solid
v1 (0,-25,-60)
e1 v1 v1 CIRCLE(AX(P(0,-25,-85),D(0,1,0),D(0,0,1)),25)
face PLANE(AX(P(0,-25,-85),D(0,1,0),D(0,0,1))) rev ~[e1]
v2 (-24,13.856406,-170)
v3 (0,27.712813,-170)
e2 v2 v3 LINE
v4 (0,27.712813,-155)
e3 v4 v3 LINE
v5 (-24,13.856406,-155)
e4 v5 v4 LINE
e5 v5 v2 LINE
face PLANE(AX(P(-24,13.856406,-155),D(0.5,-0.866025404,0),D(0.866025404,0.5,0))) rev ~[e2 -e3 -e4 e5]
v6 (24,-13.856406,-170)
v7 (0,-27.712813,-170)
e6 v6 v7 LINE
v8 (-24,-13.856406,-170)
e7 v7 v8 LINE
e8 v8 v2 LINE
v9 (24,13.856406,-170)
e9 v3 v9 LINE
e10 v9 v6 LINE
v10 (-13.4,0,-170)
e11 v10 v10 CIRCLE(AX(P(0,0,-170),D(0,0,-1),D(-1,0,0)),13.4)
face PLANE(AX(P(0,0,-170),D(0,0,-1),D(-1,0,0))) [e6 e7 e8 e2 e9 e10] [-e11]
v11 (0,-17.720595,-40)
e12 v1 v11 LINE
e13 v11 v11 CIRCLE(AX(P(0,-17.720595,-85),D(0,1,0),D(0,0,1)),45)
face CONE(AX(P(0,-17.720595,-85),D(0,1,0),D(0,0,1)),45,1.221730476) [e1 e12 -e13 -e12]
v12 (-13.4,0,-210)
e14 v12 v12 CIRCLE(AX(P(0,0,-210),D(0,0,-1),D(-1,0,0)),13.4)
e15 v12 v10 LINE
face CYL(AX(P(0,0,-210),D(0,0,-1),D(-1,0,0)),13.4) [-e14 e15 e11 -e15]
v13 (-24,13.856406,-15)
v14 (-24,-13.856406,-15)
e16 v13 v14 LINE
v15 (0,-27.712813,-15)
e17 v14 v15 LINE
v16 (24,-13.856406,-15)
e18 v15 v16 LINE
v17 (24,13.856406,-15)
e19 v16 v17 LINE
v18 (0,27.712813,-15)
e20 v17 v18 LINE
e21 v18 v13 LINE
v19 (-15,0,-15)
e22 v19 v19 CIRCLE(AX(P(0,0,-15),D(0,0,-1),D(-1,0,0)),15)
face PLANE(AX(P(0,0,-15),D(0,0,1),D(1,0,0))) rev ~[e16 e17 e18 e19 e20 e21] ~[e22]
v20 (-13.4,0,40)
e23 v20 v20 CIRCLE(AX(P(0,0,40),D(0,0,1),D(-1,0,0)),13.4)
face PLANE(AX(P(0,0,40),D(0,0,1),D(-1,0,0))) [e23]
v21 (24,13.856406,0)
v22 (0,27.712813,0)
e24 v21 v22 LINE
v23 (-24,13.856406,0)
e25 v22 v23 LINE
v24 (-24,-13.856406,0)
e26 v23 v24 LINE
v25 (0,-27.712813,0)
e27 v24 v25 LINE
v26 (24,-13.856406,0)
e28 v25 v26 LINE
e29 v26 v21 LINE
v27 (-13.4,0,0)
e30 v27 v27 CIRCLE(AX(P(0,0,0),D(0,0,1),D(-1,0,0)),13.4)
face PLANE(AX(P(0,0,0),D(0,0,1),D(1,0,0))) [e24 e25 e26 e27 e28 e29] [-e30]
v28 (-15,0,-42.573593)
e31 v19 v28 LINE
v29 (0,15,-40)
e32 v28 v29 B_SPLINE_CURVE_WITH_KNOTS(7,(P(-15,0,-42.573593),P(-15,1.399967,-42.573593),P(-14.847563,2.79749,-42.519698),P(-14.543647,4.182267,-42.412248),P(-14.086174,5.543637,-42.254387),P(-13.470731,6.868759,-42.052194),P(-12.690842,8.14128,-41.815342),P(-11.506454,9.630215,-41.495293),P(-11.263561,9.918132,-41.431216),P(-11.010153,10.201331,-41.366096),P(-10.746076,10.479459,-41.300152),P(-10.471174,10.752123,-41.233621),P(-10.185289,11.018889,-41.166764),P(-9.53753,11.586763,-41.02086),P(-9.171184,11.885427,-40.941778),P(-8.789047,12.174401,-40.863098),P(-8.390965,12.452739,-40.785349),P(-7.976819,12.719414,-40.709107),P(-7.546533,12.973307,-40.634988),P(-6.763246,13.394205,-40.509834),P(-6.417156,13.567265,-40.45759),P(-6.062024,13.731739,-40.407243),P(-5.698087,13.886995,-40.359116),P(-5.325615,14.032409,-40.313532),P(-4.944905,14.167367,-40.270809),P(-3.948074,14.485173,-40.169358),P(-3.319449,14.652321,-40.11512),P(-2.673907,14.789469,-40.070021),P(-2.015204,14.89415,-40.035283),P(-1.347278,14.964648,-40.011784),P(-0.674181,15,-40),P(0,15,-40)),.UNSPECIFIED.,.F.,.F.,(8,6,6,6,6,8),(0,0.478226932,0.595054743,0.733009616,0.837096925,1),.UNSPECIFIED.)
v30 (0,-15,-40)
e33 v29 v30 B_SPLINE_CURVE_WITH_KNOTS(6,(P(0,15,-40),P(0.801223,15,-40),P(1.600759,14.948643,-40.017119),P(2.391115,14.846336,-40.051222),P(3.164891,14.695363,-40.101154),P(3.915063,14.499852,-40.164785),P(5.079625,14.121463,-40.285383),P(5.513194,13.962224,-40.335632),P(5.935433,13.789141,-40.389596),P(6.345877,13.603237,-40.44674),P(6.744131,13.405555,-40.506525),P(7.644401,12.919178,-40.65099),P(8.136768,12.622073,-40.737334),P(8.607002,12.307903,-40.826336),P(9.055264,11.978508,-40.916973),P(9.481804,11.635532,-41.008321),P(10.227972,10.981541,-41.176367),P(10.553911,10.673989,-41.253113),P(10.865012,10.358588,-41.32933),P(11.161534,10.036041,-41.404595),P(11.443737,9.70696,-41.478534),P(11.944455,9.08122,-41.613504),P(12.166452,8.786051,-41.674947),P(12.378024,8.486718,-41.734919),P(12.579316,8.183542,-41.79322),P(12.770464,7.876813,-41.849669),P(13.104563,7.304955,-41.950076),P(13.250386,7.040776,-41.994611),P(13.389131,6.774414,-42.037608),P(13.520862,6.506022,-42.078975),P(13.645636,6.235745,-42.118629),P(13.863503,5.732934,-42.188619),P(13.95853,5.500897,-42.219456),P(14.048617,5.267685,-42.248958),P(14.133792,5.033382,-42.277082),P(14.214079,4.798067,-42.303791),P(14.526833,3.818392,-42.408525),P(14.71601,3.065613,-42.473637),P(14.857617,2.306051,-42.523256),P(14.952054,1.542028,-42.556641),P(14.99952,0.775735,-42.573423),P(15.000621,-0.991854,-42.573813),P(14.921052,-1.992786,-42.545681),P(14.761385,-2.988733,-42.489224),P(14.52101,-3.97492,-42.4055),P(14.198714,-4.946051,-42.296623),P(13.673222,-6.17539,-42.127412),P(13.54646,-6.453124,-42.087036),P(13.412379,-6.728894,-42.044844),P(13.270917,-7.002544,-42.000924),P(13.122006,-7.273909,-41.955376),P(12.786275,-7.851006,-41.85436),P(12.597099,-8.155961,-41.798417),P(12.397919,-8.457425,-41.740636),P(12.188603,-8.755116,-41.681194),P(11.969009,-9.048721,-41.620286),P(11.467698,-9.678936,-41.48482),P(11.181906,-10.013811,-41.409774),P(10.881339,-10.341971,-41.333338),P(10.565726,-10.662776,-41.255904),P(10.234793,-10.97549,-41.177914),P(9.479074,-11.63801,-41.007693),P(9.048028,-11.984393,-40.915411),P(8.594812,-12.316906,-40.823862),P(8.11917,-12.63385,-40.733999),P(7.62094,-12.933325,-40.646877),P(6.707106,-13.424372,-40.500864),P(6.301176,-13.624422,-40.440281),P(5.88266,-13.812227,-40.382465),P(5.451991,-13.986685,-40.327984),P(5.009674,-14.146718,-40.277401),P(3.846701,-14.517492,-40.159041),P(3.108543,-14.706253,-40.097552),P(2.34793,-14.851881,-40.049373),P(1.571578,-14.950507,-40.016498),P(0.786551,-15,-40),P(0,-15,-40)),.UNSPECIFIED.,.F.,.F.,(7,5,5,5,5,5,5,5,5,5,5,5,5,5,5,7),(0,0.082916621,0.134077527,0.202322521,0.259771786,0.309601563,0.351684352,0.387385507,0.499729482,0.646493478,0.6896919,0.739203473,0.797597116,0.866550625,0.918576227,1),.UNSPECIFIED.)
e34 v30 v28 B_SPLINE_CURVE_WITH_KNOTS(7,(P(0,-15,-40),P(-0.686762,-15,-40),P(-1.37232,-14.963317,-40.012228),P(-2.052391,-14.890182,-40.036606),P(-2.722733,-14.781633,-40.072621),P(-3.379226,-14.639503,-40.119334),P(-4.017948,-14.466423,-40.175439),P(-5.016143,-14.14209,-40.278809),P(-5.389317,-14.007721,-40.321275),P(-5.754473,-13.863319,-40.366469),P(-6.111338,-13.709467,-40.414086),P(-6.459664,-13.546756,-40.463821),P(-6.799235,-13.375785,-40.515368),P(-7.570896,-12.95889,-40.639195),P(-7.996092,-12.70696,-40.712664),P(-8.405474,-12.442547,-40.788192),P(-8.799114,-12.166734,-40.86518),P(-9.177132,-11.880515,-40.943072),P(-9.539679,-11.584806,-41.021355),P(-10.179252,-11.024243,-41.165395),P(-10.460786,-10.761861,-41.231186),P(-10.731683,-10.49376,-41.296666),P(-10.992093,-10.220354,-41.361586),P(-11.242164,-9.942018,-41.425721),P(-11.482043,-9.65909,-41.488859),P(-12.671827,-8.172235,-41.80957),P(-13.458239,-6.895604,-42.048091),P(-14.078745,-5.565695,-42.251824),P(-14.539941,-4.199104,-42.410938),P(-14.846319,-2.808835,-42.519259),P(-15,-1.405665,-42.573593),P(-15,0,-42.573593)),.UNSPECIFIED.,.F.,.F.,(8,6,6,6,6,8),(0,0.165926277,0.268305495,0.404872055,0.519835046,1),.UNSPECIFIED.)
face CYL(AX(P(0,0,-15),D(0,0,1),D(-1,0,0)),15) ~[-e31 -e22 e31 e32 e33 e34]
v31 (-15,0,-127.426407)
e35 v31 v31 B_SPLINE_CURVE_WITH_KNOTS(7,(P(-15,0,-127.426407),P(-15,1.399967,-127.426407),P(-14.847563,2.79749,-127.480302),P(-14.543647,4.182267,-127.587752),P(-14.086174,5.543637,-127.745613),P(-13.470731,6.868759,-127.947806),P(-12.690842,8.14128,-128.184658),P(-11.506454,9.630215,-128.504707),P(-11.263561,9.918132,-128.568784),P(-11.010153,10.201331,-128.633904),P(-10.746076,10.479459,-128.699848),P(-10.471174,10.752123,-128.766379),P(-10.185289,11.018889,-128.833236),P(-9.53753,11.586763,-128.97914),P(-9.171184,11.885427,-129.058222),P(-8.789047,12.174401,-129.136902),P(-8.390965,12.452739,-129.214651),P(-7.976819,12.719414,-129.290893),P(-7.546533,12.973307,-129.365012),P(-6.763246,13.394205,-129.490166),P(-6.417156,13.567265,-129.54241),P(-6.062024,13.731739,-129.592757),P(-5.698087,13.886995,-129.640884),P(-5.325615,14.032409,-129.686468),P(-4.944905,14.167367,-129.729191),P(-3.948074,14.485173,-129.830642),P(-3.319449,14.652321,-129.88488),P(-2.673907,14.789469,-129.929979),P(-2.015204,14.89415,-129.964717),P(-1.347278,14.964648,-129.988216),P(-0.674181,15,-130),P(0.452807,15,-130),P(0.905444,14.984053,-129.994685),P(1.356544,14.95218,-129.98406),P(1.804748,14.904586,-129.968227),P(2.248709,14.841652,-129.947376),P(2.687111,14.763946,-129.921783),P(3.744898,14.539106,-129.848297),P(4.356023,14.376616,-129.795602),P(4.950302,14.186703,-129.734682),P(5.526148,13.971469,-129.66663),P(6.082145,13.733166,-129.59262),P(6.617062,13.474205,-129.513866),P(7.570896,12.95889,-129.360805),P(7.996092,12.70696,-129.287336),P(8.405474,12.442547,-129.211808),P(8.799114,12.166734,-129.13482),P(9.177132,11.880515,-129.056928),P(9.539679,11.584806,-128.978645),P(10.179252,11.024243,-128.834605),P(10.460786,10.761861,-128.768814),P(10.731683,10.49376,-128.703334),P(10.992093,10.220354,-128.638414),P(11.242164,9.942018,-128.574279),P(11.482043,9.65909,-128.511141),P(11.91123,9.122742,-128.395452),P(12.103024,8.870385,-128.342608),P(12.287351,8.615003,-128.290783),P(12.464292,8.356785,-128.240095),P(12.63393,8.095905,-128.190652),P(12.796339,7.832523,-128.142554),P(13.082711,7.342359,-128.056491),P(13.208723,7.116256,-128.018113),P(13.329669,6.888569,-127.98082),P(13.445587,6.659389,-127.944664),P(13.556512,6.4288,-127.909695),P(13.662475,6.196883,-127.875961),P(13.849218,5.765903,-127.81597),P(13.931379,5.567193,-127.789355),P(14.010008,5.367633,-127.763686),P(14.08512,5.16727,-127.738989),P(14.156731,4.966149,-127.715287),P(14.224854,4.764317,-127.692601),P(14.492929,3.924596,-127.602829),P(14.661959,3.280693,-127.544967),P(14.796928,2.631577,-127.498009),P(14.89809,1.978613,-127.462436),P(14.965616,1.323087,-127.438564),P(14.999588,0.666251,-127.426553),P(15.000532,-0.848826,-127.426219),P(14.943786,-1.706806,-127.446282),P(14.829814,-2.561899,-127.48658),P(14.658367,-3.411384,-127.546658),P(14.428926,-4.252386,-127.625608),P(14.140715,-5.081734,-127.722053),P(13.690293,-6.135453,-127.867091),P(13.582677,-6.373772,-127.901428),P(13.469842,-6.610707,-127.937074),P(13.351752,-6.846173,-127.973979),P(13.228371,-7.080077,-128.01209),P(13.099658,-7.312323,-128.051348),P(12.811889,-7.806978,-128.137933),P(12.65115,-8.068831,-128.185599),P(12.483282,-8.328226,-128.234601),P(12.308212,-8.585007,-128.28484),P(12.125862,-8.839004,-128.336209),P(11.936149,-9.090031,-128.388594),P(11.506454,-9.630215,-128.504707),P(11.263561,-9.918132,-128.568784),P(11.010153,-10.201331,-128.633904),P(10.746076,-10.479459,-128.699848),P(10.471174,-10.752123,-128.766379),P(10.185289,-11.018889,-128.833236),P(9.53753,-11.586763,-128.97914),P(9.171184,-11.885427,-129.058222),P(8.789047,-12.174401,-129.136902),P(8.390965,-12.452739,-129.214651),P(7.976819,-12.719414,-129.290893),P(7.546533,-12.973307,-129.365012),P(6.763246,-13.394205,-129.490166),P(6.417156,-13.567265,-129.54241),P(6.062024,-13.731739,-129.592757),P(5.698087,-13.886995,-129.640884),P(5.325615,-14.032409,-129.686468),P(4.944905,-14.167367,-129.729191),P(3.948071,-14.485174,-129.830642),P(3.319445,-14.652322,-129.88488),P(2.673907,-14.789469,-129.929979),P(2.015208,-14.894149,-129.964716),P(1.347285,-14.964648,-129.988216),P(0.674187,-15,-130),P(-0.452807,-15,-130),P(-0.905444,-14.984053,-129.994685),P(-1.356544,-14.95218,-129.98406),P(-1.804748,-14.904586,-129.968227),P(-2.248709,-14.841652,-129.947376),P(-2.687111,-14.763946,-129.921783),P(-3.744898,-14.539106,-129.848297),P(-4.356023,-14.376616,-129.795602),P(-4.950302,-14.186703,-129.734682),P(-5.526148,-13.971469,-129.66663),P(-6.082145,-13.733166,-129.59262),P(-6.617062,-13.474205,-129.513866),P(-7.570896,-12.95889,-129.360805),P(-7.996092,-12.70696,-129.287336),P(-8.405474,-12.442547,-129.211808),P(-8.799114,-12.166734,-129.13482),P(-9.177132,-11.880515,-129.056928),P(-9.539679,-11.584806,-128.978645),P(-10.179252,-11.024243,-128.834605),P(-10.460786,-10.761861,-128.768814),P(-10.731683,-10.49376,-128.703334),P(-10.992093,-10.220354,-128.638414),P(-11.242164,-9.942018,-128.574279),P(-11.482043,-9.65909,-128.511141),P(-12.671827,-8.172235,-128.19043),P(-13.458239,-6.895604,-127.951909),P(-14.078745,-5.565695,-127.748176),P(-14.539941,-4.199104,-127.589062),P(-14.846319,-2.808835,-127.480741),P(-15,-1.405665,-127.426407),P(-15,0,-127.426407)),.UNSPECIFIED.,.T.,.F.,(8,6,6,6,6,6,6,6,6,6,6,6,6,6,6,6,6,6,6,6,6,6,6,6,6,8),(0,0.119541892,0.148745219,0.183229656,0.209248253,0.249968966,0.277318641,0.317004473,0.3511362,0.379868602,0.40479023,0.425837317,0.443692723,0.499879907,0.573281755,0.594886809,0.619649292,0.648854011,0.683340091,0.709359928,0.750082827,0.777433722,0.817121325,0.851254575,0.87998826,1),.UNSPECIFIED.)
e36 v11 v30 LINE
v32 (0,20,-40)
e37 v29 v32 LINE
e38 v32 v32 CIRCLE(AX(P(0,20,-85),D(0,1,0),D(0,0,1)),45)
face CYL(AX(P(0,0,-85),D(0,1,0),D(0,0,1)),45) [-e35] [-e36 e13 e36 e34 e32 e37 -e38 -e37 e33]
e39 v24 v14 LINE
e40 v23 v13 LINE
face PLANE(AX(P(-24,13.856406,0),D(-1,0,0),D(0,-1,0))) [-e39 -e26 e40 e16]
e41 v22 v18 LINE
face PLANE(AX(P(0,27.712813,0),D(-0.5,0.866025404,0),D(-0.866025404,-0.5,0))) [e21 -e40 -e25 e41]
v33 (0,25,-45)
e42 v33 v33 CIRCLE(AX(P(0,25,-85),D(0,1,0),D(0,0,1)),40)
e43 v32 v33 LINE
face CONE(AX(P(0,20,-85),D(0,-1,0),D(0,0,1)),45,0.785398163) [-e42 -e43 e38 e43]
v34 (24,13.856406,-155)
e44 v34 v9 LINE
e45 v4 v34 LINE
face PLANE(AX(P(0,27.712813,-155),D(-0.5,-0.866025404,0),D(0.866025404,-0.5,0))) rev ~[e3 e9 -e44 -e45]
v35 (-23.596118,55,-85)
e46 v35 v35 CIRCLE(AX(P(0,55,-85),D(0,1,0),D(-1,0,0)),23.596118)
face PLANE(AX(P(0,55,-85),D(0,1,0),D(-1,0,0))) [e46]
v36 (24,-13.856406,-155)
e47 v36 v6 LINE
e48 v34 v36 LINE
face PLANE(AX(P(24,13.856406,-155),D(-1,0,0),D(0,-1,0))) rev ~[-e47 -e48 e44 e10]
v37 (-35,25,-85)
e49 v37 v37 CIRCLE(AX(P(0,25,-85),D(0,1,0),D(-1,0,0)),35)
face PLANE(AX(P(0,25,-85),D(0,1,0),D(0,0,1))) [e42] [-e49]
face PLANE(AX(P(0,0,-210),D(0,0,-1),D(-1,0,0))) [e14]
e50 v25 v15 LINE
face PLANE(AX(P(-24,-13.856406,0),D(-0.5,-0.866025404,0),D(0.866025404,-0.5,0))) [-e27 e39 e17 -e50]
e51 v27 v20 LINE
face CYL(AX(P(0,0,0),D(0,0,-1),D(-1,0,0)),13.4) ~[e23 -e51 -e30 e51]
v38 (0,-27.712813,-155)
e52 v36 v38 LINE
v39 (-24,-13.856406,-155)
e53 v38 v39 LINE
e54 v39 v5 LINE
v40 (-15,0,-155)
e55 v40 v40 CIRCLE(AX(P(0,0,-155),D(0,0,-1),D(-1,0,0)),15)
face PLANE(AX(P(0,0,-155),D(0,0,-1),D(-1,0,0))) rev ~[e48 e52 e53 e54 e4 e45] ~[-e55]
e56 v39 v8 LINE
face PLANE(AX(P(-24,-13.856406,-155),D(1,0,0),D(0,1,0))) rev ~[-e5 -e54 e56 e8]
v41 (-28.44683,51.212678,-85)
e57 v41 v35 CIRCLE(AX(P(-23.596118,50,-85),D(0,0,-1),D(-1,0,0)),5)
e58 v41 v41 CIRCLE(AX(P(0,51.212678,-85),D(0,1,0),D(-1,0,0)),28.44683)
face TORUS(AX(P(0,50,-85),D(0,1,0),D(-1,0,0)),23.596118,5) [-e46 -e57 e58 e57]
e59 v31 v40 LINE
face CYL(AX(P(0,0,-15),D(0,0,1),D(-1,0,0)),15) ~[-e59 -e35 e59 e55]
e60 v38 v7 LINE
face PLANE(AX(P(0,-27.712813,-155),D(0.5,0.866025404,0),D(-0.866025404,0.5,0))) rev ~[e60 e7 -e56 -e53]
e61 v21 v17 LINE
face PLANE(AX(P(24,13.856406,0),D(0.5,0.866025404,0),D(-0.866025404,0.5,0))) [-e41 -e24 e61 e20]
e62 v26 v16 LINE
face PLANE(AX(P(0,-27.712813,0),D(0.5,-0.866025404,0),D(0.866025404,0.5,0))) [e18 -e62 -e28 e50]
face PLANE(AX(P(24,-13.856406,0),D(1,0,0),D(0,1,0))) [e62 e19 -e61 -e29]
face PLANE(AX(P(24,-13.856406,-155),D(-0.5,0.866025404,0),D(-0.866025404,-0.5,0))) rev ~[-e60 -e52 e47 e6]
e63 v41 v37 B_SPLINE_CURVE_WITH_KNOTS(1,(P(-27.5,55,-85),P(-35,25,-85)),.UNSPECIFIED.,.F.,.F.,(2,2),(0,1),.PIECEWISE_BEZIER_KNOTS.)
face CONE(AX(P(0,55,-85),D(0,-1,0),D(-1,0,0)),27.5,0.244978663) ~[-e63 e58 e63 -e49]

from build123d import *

# Parameters (mm, degrees)
EXTRUDE_324_DEPTH = 15
SKETCH_2_R        = 15
EXTRUDE_1_DEPTH   = 140
EXTRUDE_2_DEPTH   = 15
SKETCH_4_R        = 13.4
EXTRUDE_3_DEPTH   = 40
EXTRUDE_START     = 40
SKETCH_5_R        = 13.4
EXTRUDE_4_DEPTH   = 40
SKETCH_6_R        = 45
EXTRUDE_5_DEPTH   = 25
CHAMFER_1_SIZE    = 20
CHAMFER_1_SIZE2   = 7.279404685
CHAMFER_2_SIZE    = 5
SKETCH_7_R        = 27.5
SKETCH_8_R        = 35
FILLET_1_R        = 5


with BuildPart() as part:
    # Эскиз1 → Extrude 324 (new body)
    with BuildSketch(Plane.XY):
        Polygon((0, 27.712812921), (-24, 13.856406461), (-24, -13.856406461), (0, -27.712812921), (24, -13.856406461), (24, 13.856406461), align=None)
    extrude(amount=-EXTRUDE_324_DEPTH)

    # Эскиз2 → Бобышка-Вытянуть1 (add)
    with BuildSketch(Plane(origin=(0, 0, -15), x_dir=(-1, 0, 0), z_dir=(0, 0, -1))):
        Circle(SKETCH_2_R)
    extrude(amount=EXTRUDE_1_DEPTH)

    # Эскиз3 → Бобышка-Вытянуть2 (add)
    with BuildSketch(Plane(origin=(0, 0, -155), x_dir=(-1, 0, 0), z_dir=(0, 0, -1))):
        Polygon((0, 27.712812921), (-24, 13.856406461), (-24, -13.856406461), (0, -27.712812921), (24, -13.856406461), (24, 13.856406461), align=None)
    extrude(amount=EXTRUDE_2_DEPTH)

    # Эскиз4 → Бобышка-Вытянуть3 (add)
    with BuildSketch(Plane.XY):
        with Locations(Location((0, 0, 0), (0, 0, 180))):
            Circle(SKETCH_4_R)
    extrude(amount=EXTRUDE_3_DEPTH)

    # Эскиз5 → Бобышка-Вытянуть4 (add)
    with BuildSketch(Plane(origin=(0, 0, -170), x_dir=(-1, 0, 0), z_dir=(0, 0, -1)).offset(EXTRUDE_START)):
        Circle(SKETCH_5_R)
    extrude(amount=-EXTRUDE_4_DEPTH)

    # Эскиз6 → Бобышка-Вытянуть5 (add, symmetric)
    with BuildSketch(Plane(origin=(0, 0, 0), x_dir=(1, 0, 0), z_dir=(0, 1, 0))):
        with Locations(Location((0, 85, 0), (0, 0, 270))):
            Circle(SKETCH_6_R)
    extrude(amount=EXTRUDE_5_DEPTH, both=True)

    # Фаска1
    chamfer_1_edges = [part.edges().sort_by_distance(p)[0] for p in [
        (0, -25, -130),
    ]]
    chamfer_1_side = [part.faces().sort_by_distance(p)[0] for p in [
        (0, -25, -85),
    ]]
    chamfer(chamfer_1_edges, length=CHAMFER_1_SIZE, length2=CHAMFER_1_SIZE2, reference=chamfer_1_side[0])

    # Фаска2
    chamfer_2_edges = [part.edges().sort_by_distance(p)[0] for p in [
        (0, 25, -130),
    ]]
    chamfer(chamfer_2_edges, length=CHAMFER_2_SIZE)

    # Эскиз7 → Бобышка-По сечениям1 section 0
    with BuildSketch(Plane(origin=(0, 55, 0), x_dir=(-1, 0, 0), z_dir=(0, 1, 0))):
        with Locations((0, -85)):
            Circle(SKETCH_7_R)
    # Эскиз8 → Бобышка-По сечениям1 section 1
    with BuildSketch(Plane(origin=(0, 25, 0), x_dir=(-1, 0, 0), z_dir=(0, 1, 0))):
        with Locations((0, -85)):
            Circle(SKETCH_8_R)
    loft()

    # Скругление1
    fillet_1_edges = [part.edges().sort_by_distance(p)[0] for p in [
        (27.5, 55, -85),
    ]]
    fillet(fillet_1_edges, radius=FILLET_1_R)


solid = part.part
